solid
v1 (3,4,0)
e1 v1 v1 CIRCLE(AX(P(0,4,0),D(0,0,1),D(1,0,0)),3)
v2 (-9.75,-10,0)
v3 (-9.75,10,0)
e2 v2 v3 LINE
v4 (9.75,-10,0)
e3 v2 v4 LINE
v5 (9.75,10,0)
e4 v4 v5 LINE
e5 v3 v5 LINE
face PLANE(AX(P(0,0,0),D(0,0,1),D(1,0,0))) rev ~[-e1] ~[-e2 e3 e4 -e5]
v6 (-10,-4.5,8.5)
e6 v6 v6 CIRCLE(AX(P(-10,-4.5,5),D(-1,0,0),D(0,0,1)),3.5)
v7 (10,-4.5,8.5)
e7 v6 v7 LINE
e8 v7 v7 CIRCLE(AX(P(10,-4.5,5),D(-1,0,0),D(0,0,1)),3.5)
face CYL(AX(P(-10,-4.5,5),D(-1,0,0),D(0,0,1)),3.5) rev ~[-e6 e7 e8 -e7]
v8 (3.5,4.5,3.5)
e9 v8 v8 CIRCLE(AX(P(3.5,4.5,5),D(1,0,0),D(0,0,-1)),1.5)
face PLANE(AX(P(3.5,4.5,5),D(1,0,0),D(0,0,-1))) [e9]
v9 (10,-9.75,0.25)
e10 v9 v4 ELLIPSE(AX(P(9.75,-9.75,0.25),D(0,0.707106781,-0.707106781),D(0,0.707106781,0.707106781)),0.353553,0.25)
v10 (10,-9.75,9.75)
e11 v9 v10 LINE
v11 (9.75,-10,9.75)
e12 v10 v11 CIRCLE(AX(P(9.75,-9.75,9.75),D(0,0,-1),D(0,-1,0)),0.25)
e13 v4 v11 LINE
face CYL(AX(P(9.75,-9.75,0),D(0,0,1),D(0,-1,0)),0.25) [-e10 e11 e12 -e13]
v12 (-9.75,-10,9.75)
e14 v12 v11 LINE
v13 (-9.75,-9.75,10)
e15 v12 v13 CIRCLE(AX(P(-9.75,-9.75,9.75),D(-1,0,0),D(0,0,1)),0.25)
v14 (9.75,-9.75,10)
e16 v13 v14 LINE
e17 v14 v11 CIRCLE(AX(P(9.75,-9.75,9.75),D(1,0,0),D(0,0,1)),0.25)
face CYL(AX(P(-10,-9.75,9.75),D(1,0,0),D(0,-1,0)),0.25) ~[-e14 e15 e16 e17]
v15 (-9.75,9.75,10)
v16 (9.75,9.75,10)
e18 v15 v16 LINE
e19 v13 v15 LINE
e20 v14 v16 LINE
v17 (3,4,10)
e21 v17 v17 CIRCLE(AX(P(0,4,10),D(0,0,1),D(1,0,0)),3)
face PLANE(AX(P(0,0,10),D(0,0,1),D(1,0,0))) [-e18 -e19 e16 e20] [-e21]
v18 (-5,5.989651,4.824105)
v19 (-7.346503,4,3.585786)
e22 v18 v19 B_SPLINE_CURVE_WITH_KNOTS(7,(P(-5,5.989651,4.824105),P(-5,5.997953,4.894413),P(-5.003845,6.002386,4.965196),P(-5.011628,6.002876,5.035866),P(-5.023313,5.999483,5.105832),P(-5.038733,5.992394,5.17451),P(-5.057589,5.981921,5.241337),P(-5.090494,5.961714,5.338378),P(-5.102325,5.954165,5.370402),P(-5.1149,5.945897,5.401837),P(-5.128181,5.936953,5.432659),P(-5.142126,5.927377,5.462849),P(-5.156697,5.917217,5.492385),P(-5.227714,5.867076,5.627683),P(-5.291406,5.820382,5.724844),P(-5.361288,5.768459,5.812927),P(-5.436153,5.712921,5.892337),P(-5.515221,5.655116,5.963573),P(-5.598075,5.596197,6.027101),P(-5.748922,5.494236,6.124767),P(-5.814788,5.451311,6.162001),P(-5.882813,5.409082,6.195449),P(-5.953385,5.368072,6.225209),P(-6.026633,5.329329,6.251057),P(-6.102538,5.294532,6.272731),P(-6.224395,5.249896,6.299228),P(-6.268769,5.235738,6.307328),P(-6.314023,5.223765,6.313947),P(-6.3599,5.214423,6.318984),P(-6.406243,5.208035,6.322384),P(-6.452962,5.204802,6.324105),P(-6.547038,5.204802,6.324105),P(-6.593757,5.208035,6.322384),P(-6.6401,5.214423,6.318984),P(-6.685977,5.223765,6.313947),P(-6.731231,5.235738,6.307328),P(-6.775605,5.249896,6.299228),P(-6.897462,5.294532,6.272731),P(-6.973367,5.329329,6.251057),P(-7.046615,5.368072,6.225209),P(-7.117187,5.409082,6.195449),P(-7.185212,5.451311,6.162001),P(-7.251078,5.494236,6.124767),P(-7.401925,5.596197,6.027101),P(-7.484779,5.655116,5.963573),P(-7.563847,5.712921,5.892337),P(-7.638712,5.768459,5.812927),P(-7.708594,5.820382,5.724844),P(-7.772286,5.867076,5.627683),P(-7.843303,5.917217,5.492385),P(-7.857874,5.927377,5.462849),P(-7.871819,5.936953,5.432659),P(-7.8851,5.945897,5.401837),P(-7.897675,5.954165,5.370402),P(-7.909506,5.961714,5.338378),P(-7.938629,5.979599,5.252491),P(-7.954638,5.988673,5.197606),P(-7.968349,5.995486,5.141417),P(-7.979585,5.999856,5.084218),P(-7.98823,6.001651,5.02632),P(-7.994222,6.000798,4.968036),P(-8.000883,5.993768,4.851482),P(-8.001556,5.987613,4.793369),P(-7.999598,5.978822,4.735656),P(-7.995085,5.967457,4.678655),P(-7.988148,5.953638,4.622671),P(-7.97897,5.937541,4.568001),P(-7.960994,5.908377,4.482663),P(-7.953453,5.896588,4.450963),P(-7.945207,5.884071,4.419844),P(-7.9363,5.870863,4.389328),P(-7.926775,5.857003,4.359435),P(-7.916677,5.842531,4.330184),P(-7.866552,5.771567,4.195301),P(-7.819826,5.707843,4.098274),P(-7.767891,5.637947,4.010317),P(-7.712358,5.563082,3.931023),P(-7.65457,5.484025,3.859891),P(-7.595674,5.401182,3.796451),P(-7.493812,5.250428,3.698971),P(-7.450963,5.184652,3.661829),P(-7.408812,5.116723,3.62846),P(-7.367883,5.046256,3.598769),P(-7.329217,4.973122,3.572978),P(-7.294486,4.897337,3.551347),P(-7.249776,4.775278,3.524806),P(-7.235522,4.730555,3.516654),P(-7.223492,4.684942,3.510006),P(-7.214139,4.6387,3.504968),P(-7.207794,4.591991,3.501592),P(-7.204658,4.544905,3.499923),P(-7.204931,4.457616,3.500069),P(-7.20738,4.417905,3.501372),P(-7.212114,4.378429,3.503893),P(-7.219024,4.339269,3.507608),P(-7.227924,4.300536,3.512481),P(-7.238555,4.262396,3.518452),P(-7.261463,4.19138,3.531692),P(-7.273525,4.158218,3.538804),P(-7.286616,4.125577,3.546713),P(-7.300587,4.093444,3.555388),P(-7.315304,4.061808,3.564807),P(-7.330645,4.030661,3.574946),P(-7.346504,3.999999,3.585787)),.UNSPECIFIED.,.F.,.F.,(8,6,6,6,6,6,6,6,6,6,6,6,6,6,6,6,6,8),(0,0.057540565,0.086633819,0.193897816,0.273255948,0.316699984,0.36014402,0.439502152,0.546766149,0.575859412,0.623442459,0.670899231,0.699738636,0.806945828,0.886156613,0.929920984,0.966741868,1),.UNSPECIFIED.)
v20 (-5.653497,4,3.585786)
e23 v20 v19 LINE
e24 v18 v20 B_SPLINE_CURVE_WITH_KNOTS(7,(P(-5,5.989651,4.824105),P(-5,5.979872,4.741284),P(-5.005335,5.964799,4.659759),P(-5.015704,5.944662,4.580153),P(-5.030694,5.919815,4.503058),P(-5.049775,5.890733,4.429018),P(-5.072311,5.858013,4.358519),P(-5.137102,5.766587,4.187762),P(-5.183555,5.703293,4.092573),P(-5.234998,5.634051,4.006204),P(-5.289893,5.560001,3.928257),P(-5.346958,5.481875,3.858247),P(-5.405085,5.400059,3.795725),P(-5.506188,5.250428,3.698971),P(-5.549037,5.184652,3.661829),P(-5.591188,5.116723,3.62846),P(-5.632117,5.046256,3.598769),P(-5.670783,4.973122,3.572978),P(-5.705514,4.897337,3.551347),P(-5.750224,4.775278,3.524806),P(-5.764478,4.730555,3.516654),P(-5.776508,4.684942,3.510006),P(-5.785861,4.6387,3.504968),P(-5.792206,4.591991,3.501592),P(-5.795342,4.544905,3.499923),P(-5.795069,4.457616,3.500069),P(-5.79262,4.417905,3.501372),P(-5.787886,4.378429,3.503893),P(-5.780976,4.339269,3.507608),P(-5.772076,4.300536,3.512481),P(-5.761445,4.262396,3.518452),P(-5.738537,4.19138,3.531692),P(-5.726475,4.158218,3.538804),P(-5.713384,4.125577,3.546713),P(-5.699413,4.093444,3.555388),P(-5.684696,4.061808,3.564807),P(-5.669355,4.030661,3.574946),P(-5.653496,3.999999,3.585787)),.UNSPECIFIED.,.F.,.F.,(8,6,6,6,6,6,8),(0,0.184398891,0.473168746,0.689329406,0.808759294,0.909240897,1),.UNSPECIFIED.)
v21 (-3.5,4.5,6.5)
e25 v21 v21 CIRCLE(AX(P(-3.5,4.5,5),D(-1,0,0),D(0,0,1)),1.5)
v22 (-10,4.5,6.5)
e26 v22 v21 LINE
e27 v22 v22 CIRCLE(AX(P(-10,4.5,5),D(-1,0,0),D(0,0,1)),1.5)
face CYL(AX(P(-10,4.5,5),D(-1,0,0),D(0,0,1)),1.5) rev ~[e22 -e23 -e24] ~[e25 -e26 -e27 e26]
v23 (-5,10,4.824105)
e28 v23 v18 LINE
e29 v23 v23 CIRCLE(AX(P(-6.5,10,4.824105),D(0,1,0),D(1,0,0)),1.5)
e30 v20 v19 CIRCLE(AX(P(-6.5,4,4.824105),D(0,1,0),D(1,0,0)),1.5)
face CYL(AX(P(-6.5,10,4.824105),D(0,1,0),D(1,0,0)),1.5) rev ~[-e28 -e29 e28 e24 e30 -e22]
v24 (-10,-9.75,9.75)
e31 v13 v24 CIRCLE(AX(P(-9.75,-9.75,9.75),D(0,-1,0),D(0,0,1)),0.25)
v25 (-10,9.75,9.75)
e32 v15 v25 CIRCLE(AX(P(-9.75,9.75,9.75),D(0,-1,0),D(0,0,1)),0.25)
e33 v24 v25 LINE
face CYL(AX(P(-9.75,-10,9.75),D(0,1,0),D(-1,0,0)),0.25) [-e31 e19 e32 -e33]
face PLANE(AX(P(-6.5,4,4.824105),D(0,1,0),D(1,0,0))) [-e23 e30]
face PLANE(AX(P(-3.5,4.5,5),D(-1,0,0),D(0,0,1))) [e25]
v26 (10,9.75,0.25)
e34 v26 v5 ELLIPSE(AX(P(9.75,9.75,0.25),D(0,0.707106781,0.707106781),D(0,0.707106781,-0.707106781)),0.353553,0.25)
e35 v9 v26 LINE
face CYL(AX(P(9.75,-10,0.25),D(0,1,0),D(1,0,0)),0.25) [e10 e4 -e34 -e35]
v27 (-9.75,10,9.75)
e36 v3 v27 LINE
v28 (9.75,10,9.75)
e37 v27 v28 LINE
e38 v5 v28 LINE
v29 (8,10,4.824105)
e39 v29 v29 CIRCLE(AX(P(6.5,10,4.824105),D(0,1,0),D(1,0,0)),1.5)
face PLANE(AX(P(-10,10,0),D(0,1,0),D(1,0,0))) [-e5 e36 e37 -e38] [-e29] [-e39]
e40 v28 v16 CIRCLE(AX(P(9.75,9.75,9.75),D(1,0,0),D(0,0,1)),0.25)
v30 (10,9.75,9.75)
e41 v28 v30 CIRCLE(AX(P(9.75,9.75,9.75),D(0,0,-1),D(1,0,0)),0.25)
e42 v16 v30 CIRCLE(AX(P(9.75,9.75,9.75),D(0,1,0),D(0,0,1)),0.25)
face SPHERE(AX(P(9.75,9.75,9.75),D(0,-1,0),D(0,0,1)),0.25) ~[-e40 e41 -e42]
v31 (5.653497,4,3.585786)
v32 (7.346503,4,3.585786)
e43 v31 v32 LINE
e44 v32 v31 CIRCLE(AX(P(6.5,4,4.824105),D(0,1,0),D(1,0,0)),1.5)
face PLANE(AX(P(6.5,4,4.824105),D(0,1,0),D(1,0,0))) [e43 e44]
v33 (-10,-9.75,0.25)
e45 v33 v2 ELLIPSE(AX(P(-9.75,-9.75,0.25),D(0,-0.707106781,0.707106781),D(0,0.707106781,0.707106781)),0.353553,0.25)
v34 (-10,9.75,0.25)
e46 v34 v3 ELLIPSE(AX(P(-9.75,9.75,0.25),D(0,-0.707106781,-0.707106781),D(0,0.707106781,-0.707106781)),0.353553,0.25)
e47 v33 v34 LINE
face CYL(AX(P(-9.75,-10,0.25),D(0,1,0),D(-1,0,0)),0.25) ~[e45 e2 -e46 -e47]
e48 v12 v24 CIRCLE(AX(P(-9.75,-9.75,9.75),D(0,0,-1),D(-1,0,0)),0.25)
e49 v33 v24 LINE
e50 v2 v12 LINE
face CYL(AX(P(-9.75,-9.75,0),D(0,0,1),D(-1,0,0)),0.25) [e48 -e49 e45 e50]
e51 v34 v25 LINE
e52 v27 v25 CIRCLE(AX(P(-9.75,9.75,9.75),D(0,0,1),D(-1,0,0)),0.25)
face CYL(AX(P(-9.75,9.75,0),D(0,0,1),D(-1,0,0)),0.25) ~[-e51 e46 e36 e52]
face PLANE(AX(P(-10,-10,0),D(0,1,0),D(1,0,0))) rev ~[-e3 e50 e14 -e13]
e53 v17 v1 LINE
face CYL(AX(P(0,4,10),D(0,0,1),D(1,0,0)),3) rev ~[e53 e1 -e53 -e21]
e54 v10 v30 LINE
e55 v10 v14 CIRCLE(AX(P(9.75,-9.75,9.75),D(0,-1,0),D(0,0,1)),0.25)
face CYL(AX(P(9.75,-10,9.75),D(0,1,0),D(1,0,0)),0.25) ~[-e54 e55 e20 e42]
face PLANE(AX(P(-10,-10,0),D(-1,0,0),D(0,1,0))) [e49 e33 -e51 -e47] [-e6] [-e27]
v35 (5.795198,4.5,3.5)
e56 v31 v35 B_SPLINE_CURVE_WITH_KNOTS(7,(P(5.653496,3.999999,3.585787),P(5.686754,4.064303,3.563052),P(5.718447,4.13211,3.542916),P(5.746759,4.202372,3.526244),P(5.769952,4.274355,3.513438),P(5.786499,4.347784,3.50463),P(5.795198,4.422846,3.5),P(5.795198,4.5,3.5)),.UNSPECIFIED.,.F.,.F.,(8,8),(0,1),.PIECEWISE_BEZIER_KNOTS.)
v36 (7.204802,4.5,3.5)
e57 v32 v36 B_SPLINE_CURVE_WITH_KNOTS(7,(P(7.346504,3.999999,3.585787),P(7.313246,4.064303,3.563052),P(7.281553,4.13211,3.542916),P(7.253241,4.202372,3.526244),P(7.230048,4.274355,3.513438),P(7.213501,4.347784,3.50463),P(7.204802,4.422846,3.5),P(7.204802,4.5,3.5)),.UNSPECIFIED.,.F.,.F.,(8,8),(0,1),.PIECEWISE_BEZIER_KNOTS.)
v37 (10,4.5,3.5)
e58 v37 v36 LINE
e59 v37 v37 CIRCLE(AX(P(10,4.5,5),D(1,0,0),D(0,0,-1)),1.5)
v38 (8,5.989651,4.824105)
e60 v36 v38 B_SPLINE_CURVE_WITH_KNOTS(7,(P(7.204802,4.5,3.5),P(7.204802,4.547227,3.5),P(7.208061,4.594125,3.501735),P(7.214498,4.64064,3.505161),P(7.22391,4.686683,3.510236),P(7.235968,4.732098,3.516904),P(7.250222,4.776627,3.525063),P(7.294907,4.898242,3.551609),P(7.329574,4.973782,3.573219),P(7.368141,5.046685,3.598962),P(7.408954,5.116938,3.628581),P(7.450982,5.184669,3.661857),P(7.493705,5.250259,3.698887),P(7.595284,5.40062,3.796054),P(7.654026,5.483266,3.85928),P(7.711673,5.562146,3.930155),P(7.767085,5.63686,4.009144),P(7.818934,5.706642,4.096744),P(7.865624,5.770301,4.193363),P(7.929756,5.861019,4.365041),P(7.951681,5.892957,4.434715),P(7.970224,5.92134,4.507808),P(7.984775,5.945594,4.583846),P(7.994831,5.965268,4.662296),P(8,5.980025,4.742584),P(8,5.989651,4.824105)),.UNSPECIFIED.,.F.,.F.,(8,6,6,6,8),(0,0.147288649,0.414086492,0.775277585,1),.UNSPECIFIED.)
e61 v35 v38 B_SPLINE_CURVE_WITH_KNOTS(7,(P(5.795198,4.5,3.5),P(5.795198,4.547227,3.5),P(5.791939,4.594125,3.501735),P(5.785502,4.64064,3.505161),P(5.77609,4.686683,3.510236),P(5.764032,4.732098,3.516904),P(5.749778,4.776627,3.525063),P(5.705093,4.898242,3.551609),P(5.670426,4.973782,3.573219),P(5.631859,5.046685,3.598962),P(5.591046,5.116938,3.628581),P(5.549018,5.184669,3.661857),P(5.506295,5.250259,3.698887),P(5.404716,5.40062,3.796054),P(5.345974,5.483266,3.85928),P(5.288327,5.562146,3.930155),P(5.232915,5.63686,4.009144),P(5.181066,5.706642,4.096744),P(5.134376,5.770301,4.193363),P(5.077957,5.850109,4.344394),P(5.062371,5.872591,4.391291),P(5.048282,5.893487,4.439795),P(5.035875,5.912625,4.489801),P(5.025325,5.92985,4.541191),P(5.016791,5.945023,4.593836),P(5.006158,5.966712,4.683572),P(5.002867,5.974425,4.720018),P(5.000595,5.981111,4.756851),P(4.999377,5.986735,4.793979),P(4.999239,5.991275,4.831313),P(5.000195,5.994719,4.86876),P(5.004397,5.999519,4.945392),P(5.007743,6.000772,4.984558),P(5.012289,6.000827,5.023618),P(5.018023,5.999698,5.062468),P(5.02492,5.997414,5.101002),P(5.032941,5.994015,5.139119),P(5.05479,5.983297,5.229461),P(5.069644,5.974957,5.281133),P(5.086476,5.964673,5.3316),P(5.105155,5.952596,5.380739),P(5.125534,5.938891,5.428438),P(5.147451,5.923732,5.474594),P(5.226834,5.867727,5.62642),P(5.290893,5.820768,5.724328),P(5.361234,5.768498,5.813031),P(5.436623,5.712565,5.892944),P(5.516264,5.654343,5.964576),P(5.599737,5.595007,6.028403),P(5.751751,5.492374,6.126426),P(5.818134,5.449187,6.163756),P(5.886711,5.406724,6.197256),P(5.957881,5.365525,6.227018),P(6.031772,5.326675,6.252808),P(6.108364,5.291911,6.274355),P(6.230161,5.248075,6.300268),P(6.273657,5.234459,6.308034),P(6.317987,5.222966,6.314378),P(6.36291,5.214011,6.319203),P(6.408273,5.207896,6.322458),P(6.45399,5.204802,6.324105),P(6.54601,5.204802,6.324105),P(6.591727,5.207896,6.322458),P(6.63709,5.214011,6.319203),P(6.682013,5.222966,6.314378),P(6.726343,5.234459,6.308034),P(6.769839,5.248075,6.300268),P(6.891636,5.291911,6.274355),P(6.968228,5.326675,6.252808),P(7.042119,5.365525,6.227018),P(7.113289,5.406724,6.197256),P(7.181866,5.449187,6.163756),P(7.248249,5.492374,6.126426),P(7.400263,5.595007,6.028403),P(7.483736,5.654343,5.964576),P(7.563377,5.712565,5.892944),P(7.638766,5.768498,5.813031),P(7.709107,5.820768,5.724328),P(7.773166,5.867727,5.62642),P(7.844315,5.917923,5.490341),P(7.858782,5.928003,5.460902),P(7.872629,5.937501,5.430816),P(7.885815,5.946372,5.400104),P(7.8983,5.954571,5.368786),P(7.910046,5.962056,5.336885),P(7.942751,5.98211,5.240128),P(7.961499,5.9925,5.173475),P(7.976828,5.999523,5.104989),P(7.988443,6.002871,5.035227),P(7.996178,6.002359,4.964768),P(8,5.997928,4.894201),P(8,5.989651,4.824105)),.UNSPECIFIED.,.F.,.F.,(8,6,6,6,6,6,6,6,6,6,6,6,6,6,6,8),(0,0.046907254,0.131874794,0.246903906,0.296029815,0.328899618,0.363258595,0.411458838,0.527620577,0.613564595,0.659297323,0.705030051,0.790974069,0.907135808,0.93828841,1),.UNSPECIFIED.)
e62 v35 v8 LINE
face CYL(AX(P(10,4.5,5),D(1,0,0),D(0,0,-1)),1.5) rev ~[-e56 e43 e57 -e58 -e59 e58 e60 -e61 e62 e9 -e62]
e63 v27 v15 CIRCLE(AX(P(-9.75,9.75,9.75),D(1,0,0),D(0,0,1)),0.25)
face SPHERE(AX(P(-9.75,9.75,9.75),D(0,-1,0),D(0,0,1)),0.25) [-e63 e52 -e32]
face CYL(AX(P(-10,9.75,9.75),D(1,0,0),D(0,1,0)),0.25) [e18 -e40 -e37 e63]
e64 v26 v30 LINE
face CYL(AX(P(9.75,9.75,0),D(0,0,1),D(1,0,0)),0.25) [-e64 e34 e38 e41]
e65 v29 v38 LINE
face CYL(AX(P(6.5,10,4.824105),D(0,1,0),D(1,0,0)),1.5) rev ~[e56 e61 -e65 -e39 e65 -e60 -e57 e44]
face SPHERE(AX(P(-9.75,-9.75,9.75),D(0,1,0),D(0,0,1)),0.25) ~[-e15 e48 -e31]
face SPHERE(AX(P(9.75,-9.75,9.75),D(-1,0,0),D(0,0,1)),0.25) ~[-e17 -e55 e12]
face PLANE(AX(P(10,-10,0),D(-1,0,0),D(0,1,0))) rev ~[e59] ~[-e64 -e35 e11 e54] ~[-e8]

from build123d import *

# Parameters (mm, degrees)
SKETCH1_W           = 20
SKETCH1_H           = 20
BOSS_EXTRUDE1_DEPTH = 10
FILLET1_R           = 0.25
SKETCH2_R           = 3
CUT_EXTRUDE1_DEPTH  = 10
SKETCH3_R           = 3.5
CUT_EXTRUDE2_DEPTH  = 20
SKETCH4_R           = 1.5
CUT_EXTRUDE3_DEPTH  = 6.5
SKETCH5_R           = 1.5
CUT_EXTRUDE4_DEPTH  = 6.5
SKETCH6_R           = 1.5
CUT_EXTRUDE5_DEPTH  = 6


with BuildPart() as part:
    # Sketch1 → Boss-Extrude1 (new body)
    with BuildSketch(Plane.XY):
        Rectangle(SKETCH1_W, SKETCH1_H)
    extrude(amount=BOSS_EXTRUDE1_DEPTH)

    # Fillet1
    fillet1_edges = [part.edges().sort_by_distance(p)[0] for p in [
        (-10, 0, 10),
        (0, -10, 10),
        (10, 0, 10),
        (-10, 0, 0),
        (10, 0, 0),
        (0, 10, 10),
        (10, -10, 5),
        (-10, -10, 5),
        (-10, 10, 5),
        (10, 10, 5),
    ]]
    fillet(fillet1_edges, radius=FILLET1_R)

    # Sketch2 → Cut-Extrude1 (cut)
    with BuildSketch(Plane.XY.offset(10)):
        with Locations((0, 4)):
            Circle(SKETCH2_R)
    extrude(amount=-CUT_EXTRUDE1_DEPTH, mode=Mode.SUBTRACT)

    # Sketch3 → Cut-Extrude2 (cut)
    with BuildSketch(Plane.ZY.offset(10)):
        with Locations((5, -4.5)):
            Circle(SKETCH3_R)
    extrude(amount=-CUT_EXTRUDE2_DEPTH, mode=Mode.SUBTRACT)

    # Sketch4 → Cut-Extrude3 (cut)
    with BuildSketch(Plane.ZY.offset(10)):
        with Locations((5, 4.5)):
            Circle(SKETCH4_R)
    extrude(amount=-CUT_EXTRUDE3_DEPTH, mode=Mode.SUBTRACT)

    # Sketch5 → Cut-Extrude4 (cut)
    with BuildSketch(Plane(origin=(10, 0, 0), x_dir=(0, 0, -1), z_dir=(1, 0, 0))):
        with Locations((-5, 4.5)):
            Circle(SKETCH5_R)
    extrude(amount=-CUT_EXTRUDE4_DEPTH, mode=Mode.SUBTRACT)

    # Sketch6 → Cut-Extrude5 (cut)
    with BuildSketch(Plane(origin=(0, 10, 0), x_dir=(1, 0, 0), z_dir=(0, 1, 0))):
        with Locations((-6.5, -4.824104789)):
            Circle(SKETCH6_R)
        with Locations((6.5, -4.824104789)):
            Circle(SKETCH6_R)
    extrude(amount=-CUT_EXTRUDE5_DEPTH, mode=Mode.SUBTRACT)


solid = part.part
